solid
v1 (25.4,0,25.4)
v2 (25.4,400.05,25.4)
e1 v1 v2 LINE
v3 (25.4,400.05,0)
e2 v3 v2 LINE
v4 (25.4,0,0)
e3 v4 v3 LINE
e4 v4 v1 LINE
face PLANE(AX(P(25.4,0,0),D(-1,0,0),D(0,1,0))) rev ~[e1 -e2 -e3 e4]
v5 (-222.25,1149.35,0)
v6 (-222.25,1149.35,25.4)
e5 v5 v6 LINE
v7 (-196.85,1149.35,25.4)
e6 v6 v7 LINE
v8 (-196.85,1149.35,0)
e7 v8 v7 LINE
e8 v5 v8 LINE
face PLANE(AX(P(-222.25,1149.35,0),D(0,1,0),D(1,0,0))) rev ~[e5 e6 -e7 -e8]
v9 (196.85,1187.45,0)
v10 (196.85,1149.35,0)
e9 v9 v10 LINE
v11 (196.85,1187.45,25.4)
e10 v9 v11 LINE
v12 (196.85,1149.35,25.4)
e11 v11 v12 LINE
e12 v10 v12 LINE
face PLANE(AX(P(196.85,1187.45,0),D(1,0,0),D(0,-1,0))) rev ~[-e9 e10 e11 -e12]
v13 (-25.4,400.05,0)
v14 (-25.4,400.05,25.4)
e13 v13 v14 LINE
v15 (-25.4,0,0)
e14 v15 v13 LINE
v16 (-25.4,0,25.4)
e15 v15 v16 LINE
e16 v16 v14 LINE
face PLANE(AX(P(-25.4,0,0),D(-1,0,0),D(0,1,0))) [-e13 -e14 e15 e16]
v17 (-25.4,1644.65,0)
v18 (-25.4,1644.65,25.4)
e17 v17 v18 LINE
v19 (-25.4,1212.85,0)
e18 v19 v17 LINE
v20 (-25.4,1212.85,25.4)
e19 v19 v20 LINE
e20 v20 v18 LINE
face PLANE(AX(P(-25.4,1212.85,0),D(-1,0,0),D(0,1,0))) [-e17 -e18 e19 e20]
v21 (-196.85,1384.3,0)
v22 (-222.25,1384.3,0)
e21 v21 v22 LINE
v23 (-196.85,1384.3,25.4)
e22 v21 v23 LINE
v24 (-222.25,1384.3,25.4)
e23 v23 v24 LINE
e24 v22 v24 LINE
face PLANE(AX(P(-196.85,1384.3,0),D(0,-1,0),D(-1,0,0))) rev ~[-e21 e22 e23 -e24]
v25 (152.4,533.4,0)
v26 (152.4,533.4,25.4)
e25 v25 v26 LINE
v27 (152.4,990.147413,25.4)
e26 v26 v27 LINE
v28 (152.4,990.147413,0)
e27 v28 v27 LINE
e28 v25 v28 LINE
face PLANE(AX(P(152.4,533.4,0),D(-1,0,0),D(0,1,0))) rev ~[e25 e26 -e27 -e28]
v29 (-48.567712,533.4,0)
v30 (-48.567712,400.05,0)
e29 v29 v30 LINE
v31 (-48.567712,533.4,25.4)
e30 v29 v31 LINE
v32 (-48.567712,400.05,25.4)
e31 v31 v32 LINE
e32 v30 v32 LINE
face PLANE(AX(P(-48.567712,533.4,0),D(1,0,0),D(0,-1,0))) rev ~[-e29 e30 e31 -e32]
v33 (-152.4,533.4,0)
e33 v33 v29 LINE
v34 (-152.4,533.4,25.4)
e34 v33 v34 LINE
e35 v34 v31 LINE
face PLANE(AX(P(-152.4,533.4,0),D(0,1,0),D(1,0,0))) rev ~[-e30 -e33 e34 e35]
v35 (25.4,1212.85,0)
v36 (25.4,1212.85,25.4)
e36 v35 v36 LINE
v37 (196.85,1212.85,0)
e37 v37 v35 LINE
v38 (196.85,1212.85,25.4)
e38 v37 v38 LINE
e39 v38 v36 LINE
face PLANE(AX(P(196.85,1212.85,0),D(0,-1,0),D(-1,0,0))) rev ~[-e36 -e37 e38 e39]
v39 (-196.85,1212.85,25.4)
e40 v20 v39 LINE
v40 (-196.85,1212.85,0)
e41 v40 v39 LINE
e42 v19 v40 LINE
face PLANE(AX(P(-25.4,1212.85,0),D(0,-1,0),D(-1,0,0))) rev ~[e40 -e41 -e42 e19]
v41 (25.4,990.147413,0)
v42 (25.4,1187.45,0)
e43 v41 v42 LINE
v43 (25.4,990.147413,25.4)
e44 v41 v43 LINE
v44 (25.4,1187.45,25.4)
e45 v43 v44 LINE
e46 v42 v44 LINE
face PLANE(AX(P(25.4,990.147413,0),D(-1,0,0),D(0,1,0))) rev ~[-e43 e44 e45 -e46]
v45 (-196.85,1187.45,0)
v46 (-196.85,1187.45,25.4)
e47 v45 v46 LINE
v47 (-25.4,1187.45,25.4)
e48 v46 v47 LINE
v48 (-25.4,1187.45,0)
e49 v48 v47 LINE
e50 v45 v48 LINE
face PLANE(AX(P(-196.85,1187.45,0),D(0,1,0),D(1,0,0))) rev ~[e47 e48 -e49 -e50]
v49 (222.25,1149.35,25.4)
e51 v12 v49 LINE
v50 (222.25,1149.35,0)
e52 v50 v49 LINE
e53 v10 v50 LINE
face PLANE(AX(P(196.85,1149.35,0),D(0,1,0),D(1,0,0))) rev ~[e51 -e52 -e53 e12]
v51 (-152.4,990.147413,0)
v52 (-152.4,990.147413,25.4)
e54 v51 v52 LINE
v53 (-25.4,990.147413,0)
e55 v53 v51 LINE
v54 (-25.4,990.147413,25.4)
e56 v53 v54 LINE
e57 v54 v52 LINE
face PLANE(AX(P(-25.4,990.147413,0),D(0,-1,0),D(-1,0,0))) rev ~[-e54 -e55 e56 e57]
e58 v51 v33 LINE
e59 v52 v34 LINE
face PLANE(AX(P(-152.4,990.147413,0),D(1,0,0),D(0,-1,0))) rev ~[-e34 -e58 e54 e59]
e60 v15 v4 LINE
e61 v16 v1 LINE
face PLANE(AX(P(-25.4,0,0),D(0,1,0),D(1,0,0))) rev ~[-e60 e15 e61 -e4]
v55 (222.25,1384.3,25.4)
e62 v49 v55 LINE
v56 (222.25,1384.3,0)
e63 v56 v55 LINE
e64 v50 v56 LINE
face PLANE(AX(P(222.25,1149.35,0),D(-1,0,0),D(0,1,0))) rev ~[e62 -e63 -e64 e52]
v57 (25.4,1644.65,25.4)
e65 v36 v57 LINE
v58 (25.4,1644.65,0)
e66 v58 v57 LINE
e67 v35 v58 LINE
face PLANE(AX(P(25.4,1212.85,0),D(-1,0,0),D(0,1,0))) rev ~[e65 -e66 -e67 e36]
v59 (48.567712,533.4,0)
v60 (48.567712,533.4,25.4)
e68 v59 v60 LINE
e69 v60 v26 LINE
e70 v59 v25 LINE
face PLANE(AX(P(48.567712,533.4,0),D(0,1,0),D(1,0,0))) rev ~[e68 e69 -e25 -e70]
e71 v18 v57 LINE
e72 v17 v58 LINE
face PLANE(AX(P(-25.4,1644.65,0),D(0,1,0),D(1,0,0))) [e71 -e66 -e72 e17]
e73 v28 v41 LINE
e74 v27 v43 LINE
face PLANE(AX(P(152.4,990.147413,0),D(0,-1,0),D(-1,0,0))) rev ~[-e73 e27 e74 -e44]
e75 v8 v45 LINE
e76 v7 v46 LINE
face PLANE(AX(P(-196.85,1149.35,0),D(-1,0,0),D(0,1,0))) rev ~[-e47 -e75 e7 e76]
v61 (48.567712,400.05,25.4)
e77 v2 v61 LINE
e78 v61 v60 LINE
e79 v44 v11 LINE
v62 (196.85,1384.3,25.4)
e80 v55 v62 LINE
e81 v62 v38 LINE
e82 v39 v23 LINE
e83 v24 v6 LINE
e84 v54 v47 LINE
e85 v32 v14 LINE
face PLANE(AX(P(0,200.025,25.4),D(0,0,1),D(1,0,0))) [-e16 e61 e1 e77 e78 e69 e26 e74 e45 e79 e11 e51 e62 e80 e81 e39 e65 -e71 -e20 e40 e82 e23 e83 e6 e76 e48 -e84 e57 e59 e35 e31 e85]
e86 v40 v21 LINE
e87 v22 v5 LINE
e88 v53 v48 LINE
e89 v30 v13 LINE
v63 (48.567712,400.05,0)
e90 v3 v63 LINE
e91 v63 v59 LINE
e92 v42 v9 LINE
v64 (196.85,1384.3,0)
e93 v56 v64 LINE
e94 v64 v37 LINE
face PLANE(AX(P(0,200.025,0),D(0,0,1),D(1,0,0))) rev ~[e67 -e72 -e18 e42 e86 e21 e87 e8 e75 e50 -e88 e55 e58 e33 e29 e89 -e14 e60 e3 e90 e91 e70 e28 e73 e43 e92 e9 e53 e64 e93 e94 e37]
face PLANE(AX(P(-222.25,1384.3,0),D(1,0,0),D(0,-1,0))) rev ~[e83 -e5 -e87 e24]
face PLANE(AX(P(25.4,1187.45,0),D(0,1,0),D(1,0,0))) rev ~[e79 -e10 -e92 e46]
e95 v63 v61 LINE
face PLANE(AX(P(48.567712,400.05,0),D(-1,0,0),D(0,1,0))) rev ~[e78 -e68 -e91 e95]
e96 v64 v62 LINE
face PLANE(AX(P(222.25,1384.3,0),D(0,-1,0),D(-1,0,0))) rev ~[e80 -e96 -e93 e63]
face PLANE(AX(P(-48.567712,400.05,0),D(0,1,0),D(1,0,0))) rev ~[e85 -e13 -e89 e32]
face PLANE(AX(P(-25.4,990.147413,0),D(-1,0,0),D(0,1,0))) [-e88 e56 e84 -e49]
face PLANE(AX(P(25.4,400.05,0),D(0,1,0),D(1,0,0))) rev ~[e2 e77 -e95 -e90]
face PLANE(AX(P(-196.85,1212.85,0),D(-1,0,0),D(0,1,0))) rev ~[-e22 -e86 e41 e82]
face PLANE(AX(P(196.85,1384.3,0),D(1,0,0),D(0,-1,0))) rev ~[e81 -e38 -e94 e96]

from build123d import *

# Parameters (mm, degrees)
F0_W     = 50.8
F0_H     = 400.05
F0_W_2   = 23.167712307
F0_H_2   = 133.35
F0_H_3   = 88.3720067978
F0_H_4   = 368.3754058838
F0_H_5   = 197.3025873184
F0_H_6   = 25.4
F0_H_7   = 431.8
F1_DEPTH = 25.4


with BuildPart() as f1:
    # F0 (on Top) → F1 (new body)
    with BuildSketch(Plane.XY):
        with Locations((0, 200.025)):
            Rectangle(F0_W, F0_H)
        with Locations((-36.9838561535, 466.725)):
            Rectangle(F0_W_2, F0_H_2)
        with Locations((0, 466.725)):
            Rectangle(F0_W, F0_H_2)
        with Locations((36.9838561535, 466.725)):
            Rectangle(F0_W_2, F0_H_2)
        with Locations((-36.9838561535, 577.5860033989)):
            Rectangle(F0_W_2, F0_H_3)
        with Locations((36.9838561535, 577.5860033989)):
            Rectangle(F0_W_2, F0_H_3)
        Polygon((-48.567712307, 621.7720067978), (-25.4, 621.7720067978), (-25.4, 990.1474126816), (-152.4, 990.1474126816), (-152.4, 533.4), (-48.567712307, 533.4), align=None)
        with Locations((0, 805.9597097397)):
            Rectangle(F0_W, F0_H_4)
        Polygon((25.4, 990.1474126816), (25.4, 621.7720067978), (48.567712307, 621.7720067978), (48.567712307, 533.4), (152.4, 533.4), (152.4, 990.1474126816), align=None)
        with Locations((0, 1088.7987063408)):
            Rectangle(F0_W, F0_H_5)
        Polygon((-196.85, 1187.45), (-25.4, 1187.45), (-25.4, 1212.85), (-196.85, 1212.85), (-196.85, 1384.3), (-222.25, 1384.3), (-222.25, 1149.35), (-196.85, 1149.35), align=None)
        with Locations((0, 1200.15)):
            Rectangle(F0_W, F0_H_6)
        Polygon((25.4, 1212.85), (25.4, 1187.45), (196.85, 1187.45), (196.85, 1149.35), (222.25, 1149.35), (222.25, 1384.3), (196.85, 1384.3), (196.85, 1212.85), align=None)
        with Locations((0, 1428.75)):
            Rectangle(F0_W, F0_H_7)
        with Locations((0, 577.5860033989)):
            Rectangle(F0_W, F0_H_3)
    extrude(amount=F1_DEPTH)


solid = f1.part
